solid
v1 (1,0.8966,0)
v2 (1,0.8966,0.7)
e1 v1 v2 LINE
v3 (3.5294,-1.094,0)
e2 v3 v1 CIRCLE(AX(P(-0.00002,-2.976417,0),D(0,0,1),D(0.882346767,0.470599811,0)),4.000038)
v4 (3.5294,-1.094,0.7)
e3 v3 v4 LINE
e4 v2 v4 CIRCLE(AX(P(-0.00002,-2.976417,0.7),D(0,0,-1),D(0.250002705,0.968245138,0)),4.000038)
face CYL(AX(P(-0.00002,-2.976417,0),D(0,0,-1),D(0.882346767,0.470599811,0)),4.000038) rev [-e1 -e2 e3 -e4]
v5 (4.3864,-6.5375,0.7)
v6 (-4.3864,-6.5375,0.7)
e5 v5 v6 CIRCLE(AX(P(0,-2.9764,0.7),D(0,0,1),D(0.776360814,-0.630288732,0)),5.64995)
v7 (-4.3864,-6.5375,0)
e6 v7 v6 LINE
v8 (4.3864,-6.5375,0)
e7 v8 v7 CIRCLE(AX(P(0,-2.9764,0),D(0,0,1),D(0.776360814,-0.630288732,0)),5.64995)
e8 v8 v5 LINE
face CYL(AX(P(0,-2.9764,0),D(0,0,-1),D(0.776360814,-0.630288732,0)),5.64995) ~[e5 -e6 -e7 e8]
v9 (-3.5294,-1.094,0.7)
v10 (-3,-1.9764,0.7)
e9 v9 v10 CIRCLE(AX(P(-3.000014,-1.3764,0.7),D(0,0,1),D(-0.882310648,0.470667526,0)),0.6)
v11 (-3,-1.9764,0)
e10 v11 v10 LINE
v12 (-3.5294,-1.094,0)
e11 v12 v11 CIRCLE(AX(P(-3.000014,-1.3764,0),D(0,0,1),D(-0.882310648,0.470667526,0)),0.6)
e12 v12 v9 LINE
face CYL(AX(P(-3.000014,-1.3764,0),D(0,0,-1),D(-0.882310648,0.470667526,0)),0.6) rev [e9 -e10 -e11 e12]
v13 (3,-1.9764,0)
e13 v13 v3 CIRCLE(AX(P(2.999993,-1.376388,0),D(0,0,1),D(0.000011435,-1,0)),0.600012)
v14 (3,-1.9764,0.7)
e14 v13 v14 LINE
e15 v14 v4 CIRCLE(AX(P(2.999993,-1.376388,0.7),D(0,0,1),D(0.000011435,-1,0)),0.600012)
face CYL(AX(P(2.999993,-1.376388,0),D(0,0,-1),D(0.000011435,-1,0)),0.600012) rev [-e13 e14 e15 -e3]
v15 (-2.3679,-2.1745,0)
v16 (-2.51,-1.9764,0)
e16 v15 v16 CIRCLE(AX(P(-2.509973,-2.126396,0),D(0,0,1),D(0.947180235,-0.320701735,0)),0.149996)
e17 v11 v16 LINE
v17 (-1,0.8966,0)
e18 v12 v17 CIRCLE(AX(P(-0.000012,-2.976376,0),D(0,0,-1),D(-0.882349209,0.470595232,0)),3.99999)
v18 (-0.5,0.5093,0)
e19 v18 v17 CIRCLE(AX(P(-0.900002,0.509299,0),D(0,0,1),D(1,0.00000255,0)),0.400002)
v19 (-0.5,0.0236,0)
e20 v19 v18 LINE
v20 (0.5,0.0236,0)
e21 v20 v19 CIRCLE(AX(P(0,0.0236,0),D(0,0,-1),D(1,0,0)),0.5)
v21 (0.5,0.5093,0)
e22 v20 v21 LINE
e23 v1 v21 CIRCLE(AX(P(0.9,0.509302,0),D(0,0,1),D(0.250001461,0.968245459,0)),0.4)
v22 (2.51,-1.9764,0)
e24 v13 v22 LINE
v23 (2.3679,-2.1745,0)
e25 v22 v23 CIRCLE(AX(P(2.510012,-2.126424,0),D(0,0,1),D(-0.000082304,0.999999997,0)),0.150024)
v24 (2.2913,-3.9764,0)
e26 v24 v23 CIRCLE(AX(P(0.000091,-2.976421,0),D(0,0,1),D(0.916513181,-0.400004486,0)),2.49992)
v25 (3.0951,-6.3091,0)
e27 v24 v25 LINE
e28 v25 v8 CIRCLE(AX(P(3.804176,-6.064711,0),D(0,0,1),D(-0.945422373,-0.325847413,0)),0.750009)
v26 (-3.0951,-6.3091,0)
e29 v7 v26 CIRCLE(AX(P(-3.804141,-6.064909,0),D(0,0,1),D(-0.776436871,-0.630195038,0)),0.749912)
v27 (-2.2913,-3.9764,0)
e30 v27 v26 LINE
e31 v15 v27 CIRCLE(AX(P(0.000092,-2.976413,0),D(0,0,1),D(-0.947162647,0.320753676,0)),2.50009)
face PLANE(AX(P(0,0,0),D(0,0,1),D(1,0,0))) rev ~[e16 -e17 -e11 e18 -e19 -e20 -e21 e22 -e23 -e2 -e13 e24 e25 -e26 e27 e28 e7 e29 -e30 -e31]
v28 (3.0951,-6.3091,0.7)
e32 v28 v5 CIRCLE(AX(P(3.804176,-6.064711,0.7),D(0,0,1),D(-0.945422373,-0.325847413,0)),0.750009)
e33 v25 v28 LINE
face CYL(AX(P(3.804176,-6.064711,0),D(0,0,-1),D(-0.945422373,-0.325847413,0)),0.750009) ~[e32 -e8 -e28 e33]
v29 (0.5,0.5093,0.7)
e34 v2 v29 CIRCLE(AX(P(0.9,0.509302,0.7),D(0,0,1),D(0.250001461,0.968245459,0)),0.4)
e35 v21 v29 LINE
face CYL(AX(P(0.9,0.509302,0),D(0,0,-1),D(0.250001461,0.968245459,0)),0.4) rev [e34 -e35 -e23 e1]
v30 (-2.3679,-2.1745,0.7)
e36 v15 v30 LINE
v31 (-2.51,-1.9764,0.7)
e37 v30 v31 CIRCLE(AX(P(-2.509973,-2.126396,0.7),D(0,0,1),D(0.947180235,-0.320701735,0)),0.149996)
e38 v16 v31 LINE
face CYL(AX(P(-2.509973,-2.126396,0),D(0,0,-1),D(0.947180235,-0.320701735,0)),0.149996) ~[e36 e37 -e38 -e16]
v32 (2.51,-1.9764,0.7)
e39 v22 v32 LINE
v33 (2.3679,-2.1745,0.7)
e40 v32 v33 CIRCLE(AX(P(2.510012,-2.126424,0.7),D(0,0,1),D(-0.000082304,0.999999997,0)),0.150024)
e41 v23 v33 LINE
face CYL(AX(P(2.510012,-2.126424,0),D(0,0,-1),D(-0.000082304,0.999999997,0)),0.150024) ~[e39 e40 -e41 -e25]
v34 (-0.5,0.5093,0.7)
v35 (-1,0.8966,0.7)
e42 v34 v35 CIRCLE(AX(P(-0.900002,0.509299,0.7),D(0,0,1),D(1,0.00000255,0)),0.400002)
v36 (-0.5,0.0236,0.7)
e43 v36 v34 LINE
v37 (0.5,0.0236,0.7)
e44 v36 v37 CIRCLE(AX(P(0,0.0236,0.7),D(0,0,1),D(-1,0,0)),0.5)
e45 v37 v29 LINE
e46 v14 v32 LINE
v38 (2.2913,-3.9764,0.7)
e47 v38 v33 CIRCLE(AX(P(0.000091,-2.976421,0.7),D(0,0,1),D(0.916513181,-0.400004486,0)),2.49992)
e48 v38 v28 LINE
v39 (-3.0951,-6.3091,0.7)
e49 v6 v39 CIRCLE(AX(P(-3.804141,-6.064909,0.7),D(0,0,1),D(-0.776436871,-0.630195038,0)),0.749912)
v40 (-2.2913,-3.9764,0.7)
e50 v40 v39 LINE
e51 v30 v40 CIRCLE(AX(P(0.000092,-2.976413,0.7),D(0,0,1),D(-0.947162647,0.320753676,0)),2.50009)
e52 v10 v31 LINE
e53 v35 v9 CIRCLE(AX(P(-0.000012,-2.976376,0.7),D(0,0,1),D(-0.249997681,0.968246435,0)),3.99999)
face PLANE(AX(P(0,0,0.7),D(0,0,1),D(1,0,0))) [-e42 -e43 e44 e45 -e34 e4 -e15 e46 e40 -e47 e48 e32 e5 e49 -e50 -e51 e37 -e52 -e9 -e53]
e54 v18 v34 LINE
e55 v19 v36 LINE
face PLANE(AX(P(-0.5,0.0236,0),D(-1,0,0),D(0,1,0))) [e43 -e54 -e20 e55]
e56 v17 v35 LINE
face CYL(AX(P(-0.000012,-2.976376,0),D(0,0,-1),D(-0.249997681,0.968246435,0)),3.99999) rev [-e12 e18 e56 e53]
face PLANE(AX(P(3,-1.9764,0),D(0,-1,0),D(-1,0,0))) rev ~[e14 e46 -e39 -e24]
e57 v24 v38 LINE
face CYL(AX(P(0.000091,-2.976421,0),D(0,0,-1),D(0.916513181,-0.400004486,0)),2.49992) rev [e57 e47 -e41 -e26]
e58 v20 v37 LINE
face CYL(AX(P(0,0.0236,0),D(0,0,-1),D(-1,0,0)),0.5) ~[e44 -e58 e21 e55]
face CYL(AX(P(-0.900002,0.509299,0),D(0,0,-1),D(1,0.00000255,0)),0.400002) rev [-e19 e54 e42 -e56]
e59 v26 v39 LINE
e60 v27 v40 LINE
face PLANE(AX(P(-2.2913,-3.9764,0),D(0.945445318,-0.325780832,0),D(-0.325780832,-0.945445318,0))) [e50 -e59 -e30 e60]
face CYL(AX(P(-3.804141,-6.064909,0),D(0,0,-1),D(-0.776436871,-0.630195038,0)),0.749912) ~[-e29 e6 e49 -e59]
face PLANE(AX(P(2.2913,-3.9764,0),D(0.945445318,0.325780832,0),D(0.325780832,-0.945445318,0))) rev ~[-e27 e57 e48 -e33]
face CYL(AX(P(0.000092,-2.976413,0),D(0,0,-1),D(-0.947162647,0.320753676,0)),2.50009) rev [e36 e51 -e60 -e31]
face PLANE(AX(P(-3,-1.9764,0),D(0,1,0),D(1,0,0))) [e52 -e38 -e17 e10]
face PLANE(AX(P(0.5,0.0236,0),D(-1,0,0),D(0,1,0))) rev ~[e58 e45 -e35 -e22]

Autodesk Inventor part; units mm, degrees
ref_plane "YZ Plane" through (0, 0, 0) normal (1, 0, 0) x (0, 1, 0)
ref_plane "XZ Plane" through (0, 0, 0) normal (0, 1, 0) x (-1, 0, 0)
sketch "Sketch1" plane through (0, 0, 0) normal (0, 0, 1) x (1, 0, 0)
  circle A0 centre (0, -2.9764) radius 3 construction
  line L0 (-0.5, 0.0236) -> (0, 0.0236) construction
  line L1 (-3.206, 0) -> (3.4858, 0) projected
  line L2 (-2.2913, -3.9764) -> (2.2913, -3.9764) construction
  arc A1 (-2.3679, -2.1745) -> (-2.2913, -3.9764) centre (0, -2.9764) ccw
  line L3 (0, 1.949) -> (0, -3.4788) projected
  arc A2 (-0.5, 0.0236) -> (0.5, 0.0236) centre (0, 0.0236) ccw
  arc A3 (4.3864, -6.5375) -> (-4.3864, -6.5375) centre (0, -2.9764) ccw
  line L4 (-3, -1.9764) -> (-2.51, -1.9764)
  line L5 (-0.5, 0.0236) -> (-0.5, 0.5093)
  arc A4 (-1, 0.8966) -> (-3.5294, -1.094) centre (0, -2.9764) ccw
  arc A5 (-0.5, 0.5093) -> (-1, 0.8966) centre (-0.9, 0.5093) ccw
  arc A6 (-3.5294, -1.094) -> (-3, -1.9764) centre (-3, -1.3764) ccw
  arc A7 (-2.3679, -2.1745) -> (-2.51, -1.9764) centre (-2.51, -2.1264) ccw
  line L6 (0, 2.6736) -> (2.5298, 2.6736) construction
  line L7 (-2.2913, -3.9764) -> (-3.0951, -6.3091)
  arc A8 (-4.3864, -6.5375) -> (-3.0951, -6.3091) centre (-3.8041, -6.0648) ccw
  line L8 (0, -0.4764) -> (-1.2778, -0.4764) construction
  line L9 (2.2913, -3.9764) -> (3.0951, -6.3091)
  arc A9 (3.0951, -6.3091) -> (4.3864, -6.5375) centre (3.8041, -6.0648) ccw
  arc A10 (2.2913, -3.9764) -> (2.3679, -2.1745) centre (0, -2.9764) ccw
  line L10 (3, -1.9764) -> (2.51, -1.9764)
  line L11 (0.5, 0.0236) -> (0.5, 0.5093)
  arc A11 (3.5294, -1.094) -> (1, 0.8966) centre (0, -2.9764) ccw
  arc A12 (1, 0.8966) -> (0.5, 0.5093) centre (0.9, 0.5093) ccw
  arc A13 (3, -1.9764) -> (3.5294, -1.094) centre (3, -1.3764) ccw
  arc A14 (2.51, -1.9764) -> (2.3679, -2.1745) centre (2.51, -2.1264) ccw
  point P0 (0.5, 0.0236)
  dimension "d0" = 6
  dimension "d3" = 1
  dimension "d4" = 0.5
  dimension "d5" = 11.3
  dimension "d8" = 4
  dimension "d9" = 1
  dimension "d10" = 0.4
  dimension "d11" = 0.6
  dimension "d12" = 0.15
  dimension "d13" = 0.75
  dimension "d14" = 2.5
  dimension "d15" = 2.5
extrude "Body" add sketch "Sketch1" along normal blind 0.7 contours A4 A6 L4 A7 A1 L7 A8 A3 A9 L9 A10 A14 L10 A13 A11 A12 L11 A2 L1 L5 A5 | L1 L3 A2 | L1 A2 L3
ref_plane "Work Plane1" through (0, -2.9764, 0) normal (-1, 0, 0) x (0, 0, 1)
equation "\"d0\" = WD"
equation "\"d3\" = 0.2 * ND"
equation "\"d4\" = 0.1 * ND"
equation "\"d5\" = SD2"
equation "\"d8\" = 0.8 * ND"
equation "\"d9\" = 0.2 * ND"
equation "\"d10\" = 0.08 * ND"
equation "\"d11\" = 0.12 * ND"
equation "\"d12\" = 0.03 * ND"
equation "\"d13\" = 0.15 * ND"
equation "\"d14\" = 0.5 * ND"
equation "\"d15\" = 0.5 * ND"
equation "\"d16\" = SD"
equation "\"ND\" = 5"
equation "\"SD\" = 0.7"
equation "\"WD\" = 6"
equation "\"d1\" = 1.6 * ND"
equation "\"d2\" = ND"
equation "\"SD2\" = 11.3"
equation "\"d6\" = ND"
equation "\"d7\" = 0.15 * ND"
equation "\"WDMIN\" = 5"
equation "\"SNB\" = 0.74"
equation "\"WDMAX\" = 7"
equation "\"BUBRMI\" = 1.2"
properties part number "DIN 6799 - 5" material "Steel, Mild"
